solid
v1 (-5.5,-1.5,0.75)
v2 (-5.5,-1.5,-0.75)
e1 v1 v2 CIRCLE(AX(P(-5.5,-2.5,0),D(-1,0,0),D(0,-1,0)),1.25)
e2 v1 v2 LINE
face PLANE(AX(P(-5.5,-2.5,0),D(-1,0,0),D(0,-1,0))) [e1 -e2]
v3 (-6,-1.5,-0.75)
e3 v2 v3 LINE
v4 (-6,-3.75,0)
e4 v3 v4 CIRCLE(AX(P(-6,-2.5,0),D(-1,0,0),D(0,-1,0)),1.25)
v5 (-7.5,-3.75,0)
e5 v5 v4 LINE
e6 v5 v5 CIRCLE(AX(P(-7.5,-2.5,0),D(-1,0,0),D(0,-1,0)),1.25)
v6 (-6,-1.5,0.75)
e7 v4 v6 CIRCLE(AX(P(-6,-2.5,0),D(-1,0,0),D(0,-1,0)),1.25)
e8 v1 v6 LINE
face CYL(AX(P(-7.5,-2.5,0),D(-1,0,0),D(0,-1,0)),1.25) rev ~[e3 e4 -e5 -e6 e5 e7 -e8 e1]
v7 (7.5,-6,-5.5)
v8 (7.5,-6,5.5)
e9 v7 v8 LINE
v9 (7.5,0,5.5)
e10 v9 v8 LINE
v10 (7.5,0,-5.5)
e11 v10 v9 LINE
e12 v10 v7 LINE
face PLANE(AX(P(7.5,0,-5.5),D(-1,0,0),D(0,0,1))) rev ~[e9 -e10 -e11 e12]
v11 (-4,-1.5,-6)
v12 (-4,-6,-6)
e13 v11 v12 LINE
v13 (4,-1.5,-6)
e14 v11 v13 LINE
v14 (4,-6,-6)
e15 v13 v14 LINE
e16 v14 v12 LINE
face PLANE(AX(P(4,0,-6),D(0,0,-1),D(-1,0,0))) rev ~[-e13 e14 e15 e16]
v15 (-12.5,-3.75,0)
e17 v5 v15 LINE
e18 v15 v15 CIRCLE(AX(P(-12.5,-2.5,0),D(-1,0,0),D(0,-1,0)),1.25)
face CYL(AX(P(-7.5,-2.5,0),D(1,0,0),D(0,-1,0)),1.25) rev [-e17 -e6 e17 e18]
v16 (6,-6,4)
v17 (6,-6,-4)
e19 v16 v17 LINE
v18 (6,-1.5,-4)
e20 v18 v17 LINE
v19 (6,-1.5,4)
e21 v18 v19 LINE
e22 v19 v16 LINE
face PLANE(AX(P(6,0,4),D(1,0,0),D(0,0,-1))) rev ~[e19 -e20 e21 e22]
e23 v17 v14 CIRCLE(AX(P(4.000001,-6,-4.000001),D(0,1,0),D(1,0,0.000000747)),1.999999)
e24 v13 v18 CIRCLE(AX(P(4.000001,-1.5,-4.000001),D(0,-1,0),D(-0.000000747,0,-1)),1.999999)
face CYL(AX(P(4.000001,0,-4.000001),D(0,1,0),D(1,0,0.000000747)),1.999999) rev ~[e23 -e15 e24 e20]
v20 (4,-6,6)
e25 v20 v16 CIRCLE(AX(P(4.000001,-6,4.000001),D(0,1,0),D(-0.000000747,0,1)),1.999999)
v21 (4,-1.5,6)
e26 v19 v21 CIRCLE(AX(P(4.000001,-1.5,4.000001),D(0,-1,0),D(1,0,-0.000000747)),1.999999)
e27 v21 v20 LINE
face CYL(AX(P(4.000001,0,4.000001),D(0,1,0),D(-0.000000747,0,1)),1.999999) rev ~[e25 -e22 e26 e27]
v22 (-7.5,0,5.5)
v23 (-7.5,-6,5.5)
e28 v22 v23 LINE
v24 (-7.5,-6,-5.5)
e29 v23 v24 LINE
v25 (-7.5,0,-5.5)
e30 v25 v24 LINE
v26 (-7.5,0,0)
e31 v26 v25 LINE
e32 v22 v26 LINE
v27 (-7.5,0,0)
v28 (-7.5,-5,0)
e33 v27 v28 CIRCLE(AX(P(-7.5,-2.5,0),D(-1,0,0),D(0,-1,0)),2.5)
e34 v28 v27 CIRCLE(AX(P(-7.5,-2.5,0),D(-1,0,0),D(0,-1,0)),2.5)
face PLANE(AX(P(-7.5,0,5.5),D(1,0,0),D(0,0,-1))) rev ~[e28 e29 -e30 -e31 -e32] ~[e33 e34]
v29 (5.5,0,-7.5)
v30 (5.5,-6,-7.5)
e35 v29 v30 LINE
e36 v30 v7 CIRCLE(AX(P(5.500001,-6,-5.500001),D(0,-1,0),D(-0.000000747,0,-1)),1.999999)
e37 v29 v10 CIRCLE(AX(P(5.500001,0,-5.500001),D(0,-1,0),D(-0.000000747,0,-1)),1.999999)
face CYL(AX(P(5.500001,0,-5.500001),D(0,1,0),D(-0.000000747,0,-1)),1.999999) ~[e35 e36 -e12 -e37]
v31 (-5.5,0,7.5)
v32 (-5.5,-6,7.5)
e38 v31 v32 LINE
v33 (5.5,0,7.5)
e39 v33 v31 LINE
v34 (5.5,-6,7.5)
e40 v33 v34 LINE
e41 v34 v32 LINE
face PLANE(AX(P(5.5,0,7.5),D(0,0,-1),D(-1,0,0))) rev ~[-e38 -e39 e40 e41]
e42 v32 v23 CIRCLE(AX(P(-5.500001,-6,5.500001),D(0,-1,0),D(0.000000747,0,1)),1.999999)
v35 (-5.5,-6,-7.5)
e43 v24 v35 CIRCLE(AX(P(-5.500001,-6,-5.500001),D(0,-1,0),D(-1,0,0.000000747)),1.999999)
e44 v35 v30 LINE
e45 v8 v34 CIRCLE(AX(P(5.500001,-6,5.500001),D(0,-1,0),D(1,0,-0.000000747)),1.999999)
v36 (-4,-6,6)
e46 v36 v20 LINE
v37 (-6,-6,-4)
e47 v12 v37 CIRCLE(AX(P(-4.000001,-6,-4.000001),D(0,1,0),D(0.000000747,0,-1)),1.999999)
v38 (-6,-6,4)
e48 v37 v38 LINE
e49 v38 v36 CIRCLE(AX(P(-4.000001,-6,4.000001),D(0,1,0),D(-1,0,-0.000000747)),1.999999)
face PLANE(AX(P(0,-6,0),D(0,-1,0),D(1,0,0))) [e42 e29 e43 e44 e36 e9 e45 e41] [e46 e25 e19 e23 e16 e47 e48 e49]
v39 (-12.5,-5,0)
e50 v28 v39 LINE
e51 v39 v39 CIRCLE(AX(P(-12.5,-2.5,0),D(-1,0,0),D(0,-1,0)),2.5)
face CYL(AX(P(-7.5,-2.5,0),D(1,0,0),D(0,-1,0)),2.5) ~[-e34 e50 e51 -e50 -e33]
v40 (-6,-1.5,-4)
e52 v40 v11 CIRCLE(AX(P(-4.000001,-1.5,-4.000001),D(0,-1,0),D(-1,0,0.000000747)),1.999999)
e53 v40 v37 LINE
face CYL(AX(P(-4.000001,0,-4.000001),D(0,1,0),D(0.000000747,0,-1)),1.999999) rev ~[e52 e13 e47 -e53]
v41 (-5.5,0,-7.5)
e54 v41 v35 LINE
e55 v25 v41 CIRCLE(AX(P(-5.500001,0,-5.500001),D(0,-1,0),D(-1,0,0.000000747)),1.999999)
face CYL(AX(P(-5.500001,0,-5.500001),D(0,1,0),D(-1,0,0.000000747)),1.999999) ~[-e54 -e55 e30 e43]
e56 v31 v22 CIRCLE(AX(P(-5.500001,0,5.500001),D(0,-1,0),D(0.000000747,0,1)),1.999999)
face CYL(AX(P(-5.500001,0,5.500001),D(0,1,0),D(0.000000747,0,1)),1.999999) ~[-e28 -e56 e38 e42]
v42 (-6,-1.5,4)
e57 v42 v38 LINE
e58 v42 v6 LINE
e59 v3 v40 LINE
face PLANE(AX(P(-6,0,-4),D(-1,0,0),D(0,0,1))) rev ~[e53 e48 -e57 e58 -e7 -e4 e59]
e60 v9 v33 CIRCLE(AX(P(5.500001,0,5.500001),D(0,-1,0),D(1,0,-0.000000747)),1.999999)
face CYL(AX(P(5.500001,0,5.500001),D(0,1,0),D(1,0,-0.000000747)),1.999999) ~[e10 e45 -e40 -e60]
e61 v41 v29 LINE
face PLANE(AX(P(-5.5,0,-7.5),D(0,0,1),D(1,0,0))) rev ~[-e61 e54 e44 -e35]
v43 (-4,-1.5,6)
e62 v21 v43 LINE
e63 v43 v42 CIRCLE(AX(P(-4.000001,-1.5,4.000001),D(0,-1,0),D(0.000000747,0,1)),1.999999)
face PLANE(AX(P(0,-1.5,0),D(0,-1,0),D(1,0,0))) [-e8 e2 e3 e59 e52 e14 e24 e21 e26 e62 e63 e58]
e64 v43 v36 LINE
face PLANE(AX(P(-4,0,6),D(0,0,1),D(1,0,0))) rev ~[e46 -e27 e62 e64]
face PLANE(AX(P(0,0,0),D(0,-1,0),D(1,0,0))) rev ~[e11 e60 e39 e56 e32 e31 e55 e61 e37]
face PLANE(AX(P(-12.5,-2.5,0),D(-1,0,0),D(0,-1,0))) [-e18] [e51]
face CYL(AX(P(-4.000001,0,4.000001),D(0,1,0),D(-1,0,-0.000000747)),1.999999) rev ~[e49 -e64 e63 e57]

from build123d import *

# Parameters (mm, degrees)
F1_DEPTH = 1.5
F2_DEPTH = 6
F3_R     = 1.25
F4_DEPTH = 2
F5_DEPTH = 5


with BuildPart() as f1:
    # F0 (on Front) → F1 (new body)
    with BuildSketch(Plane.XZ):
        with BuildLine():
            Line((-4, -6), (4, -6))
            ThreePointArc((4, -6), (5.414214, -5.414214), (6, -4))
            Line((6, -4), (6, 4))
            ThreePointArc((6, 4), (5.414214, 5.414214), (4, 6))
            Line((4, 6), (-4, 6))
            ThreePointArc((-4, 6), (-5.414214, 5.414214), (-6, 4))
            Line((-6, 4), (-6, -4))
            ThreePointArc((-6, -4), (-5.414214, -5.414214), (-4, -6))
        make_face()
    extrude(amount=F1_DEPTH)

    # F0 (on Front) → F2 (join)
    with BuildSketch(Plane.XZ):
        with BuildLine():
            Line((-5.5, -7.5), (5.5, -7.5))
            ThreePointArc((5.5, -7.5), (6.914214, -6.914214), (7.5, -5.5))
            Line((7.5, -5.5), (7.5, 5.5))
            ThreePointArc((7.5, 5.5), (6.914214, 6.914214), (5.5, 7.5))
            Line((5.5, 7.5), (-5.5, 7.5))
            ThreePointArc((-5.5, 7.5), (-6.914214, 6.914214), (-7.5, 5.5))
            Line((-7.5, 5.5), (-7.5, -5.5))
            ThreePointArc((-7.5, -5.5), (-6.914214, -6.914214), (-5.5, -7.5))
        make_face()
        with BuildLine():
            ThreePointArc((6, -4), (5.414214, -5.414214), (4, -6))
            Line((4, -6), (-4, -6))
            ThreePointArc((-4, -6), (-5.414214, -5.414214), (-6, -4))
            Line((-6, -4), (-6, 4))
            ThreePointArc((-6, 4), (-5.414214, 5.414214), (-4, 6))
            Line((-4, 6), (4, 6))
            ThreePointArc((4, 6), (5.414214, 5.414214), (6, 4))
            Line((6, 4), (6, -4))
        make_face(mode=Mode.SUBTRACT)
    extrude(amount=F2_DEPTH)

    # F3 (on face) → F4 (cut)
    with BuildSketch(Plane(origin=(-7.5, 0, 0), x_dir=(0, -1, 0), z_dir=(-1, 0, 0))):
        with Locations((2.5, 0)):
            Circle(F3_R)
    extrude(amount=-F4_DEPTH, mode=Mode.SUBTRACT)

    # F3 (on face) → F5 (join)
    with BuildSketch(Plane(origin=(-7.5, 0, 0), x_dir=(0, -1, 0), z_dir=(-1, 0, 0))):
        with BuildLine():
            ThreePointArc((0, 0), (2.5, -2.5), (5, 0))
            ThreePointArc((5, 0), (2.5, 2.5), (0, 0))
        make_face()
        with Locations((2.5, 0)):
            Circle(F3_R, mode=Mode.SUBTRACT)
    extrude(amount=F5_DEPTH)


solid = f1.part
